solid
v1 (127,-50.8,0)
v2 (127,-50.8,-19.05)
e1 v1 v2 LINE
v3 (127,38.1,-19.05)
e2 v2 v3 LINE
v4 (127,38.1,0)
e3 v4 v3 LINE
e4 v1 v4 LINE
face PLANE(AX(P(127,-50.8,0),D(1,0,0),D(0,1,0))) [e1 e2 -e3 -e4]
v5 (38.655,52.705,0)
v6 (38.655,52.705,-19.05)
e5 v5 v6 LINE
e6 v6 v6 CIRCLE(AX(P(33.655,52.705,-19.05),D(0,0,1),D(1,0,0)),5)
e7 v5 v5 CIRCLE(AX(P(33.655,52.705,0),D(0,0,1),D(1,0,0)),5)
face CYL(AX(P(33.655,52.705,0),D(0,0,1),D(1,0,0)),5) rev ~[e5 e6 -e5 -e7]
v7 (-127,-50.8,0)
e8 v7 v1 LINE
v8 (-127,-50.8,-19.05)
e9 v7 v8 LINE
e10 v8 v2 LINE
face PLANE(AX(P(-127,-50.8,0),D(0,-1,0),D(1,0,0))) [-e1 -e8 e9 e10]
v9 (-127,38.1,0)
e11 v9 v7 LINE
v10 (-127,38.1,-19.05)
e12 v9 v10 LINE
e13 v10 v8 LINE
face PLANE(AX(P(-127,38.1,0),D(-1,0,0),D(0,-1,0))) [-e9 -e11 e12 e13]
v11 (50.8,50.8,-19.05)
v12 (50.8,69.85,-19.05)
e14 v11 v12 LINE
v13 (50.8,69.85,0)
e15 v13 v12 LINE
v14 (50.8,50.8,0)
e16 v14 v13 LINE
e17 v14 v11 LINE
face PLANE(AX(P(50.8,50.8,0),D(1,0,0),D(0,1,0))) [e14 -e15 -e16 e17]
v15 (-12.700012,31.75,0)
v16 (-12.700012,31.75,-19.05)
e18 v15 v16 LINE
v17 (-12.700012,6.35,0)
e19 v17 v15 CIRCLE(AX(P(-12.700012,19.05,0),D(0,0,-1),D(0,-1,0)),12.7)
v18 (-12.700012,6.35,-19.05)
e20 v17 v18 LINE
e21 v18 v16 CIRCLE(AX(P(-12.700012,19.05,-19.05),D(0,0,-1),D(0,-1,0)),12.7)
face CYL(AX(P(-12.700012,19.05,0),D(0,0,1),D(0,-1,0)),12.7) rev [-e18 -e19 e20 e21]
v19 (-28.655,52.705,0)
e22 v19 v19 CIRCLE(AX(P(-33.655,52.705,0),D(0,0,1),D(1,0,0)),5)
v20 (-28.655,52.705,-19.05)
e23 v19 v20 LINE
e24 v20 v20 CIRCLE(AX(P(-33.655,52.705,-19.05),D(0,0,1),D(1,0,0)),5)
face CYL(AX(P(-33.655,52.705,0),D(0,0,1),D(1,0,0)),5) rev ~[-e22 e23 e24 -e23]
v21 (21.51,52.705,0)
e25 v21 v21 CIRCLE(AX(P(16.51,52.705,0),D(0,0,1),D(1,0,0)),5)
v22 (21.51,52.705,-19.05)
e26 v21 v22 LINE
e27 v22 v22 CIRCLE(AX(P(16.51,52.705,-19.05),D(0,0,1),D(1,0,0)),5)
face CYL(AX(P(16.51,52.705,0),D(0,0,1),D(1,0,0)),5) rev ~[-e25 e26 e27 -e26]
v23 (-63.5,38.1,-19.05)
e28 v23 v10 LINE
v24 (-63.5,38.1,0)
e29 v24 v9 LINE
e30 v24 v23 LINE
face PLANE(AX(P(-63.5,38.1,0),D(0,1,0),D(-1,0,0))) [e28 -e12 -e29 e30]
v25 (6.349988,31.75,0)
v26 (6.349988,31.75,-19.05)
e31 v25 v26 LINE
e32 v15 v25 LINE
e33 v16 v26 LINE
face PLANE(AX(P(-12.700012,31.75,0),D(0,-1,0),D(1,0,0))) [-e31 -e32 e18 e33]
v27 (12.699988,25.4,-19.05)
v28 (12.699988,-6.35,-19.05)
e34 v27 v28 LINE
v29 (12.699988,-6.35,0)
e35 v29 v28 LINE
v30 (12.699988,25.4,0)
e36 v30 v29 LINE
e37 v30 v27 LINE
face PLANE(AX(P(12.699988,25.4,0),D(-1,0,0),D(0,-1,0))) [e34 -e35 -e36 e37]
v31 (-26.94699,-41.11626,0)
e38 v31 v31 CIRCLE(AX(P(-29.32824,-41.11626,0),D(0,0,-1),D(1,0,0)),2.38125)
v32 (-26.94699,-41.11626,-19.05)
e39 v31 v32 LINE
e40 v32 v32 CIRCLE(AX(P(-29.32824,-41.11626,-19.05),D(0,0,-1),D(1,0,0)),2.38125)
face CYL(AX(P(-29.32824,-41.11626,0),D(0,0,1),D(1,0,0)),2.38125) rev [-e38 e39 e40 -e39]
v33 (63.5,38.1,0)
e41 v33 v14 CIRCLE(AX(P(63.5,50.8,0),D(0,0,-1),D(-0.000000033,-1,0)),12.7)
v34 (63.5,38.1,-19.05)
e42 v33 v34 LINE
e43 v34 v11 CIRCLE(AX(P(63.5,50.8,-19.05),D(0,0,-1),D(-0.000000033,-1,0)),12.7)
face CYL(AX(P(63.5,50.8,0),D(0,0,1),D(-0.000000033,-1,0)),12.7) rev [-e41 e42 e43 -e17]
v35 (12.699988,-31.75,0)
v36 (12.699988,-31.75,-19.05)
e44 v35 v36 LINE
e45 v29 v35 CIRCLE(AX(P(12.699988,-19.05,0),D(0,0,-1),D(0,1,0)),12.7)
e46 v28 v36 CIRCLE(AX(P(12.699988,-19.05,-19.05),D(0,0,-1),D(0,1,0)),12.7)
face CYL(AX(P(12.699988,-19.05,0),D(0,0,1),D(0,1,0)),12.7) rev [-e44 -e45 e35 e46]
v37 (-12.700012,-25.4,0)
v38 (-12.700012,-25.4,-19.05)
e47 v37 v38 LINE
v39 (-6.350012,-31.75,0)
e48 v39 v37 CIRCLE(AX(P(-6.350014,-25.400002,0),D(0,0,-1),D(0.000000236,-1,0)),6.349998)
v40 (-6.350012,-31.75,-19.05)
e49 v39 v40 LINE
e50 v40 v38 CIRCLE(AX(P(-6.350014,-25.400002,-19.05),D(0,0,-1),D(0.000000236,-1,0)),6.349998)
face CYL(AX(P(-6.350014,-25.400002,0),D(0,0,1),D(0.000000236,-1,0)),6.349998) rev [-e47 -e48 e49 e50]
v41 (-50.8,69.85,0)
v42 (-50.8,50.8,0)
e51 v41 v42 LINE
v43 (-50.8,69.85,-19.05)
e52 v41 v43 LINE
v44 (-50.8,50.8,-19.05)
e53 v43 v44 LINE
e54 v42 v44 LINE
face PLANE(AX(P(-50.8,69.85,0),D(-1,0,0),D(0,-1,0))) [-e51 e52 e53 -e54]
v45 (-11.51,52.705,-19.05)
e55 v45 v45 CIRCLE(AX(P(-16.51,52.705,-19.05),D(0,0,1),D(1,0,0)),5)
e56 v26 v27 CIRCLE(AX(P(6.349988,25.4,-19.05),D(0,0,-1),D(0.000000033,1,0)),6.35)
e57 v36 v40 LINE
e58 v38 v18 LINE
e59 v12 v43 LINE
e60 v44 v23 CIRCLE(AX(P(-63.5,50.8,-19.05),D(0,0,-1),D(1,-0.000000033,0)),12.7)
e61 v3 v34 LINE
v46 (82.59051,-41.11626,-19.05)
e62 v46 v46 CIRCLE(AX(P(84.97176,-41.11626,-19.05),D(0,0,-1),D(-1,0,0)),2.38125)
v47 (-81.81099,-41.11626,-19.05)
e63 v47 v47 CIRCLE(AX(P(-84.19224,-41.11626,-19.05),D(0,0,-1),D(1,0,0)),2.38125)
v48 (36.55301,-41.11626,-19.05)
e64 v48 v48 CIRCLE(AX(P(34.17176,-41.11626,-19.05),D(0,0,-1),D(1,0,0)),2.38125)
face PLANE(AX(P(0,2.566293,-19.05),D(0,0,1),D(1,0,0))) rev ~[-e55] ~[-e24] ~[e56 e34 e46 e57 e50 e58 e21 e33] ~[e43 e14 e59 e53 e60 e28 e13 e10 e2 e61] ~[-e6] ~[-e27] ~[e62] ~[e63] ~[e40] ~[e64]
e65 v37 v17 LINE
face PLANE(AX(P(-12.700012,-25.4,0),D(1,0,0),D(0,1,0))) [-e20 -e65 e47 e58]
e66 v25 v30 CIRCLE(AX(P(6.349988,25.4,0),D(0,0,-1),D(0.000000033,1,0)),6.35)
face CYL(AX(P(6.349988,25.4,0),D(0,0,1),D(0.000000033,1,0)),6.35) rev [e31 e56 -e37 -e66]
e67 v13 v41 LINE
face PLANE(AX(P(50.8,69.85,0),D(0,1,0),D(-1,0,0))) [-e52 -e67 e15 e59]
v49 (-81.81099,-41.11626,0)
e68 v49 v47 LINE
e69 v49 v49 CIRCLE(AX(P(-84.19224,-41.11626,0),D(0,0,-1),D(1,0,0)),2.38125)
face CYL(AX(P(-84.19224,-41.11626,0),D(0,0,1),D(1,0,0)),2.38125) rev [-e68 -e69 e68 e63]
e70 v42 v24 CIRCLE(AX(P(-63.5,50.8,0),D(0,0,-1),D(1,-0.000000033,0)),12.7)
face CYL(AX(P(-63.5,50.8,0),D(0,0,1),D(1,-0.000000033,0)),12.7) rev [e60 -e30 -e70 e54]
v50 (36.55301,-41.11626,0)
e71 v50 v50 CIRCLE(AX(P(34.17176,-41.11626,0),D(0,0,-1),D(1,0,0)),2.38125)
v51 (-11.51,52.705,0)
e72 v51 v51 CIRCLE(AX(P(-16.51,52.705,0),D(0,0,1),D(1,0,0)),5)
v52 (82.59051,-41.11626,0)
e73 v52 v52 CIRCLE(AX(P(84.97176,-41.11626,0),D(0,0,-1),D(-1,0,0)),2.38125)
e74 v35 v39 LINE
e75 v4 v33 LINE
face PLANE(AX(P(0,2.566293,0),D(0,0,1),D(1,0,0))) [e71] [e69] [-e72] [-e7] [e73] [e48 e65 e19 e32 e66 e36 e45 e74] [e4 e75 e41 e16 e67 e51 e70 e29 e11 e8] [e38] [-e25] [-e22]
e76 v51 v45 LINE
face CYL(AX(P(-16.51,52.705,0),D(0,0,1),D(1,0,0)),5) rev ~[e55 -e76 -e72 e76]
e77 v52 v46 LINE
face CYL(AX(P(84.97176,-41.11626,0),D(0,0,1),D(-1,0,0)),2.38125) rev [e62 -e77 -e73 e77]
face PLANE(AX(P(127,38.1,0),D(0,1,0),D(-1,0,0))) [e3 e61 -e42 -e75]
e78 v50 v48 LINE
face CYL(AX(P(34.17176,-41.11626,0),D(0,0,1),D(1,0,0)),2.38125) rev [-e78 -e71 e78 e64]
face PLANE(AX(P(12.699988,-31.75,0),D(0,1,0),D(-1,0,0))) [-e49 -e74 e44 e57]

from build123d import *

# Parameters (mm, degrees)
F0_R     = 5
F1_DEPTH = 19.05


with BuildPart() as f1:
    # F0 (on Top) → F1 (new body)
    with BuildSketch(Plane.XY):
        with BuildLine():
            Line((-50.8, -50.8), (50.8, -50.8))
            Line((50.8, -50.8), (127, -50.8))
            Line((127, -50.8), (127, -38.1))
            Line((127, -38.1), (127, 38.1))
            Line((127, 38.1), (63.5, 38.1))
            ThreePointArc((63.5, 38.1), (54.519744, 41.819744), (50.8, 50.8))
            Line((50.8, 50.8), (50.8, 69.85))
            Line((50.8, 69.85), (-50.8, 69.85))
            Line((-50.8, 69.85), (-50.8, 50.8))
            ThreePointArc((-50.8, 50.8), (-54.519744, 41.819744), (-63.5, 38.1))
            Line((-63.5, 38.1), (-127, 38.1))
            Line((-127, 38.1), (-127, -38.1))
            Line((-127, -38.1), (-127, -50.8))
            Line((-127, -50.8), (-50.8, -50.8))
        make_face()
        with BuildLine():
            ThreePointArc((-86.57349, -41.11626), (-84.19224, -38.73501), (-81.81099, -41.11626))
            ThreePointArc((-81.81099, -41.11626), (-84.19224, -43.49751), (-86.57349, -41.11626))
        make_face(mode=Mode.SUBTRACT)
        with BuildLine():
            ThreePointArc((-31.70949, -41.11626), (-29.32824, -38.73501), (-26.94699, -41.11626))
            ThreePointArc((-26.94699, -41.11626), (-29.32824, -43.49751), (-31.70949, -41.11626))
        make_face(mode=Mode.SUBTRACT)
        with BuildLine():
            ThreePointArc((12.699988, -6.35), (25.399988, -19.05), (12.699988, -31.75))
            Line((12.699988, -31.75), (-6.350012, -31.75))
            ThreePointArc((-6.350012, -31.75), (-10.840141, -29.890128), (-12.700012, -25.4))
            Line((-12.700012, -25.4), (-12.700012, 6.35))
            ThreePointArc((-12.700012, 6.35), (-25.400012, 19.05), (-12.700012, 31.75))
            Line((-12.700012, 31.75), (6.349988, 31.75))
            ThreePointArc((6.349988, 31.75), (10.840116, 29.890128), (12.699988, 25.4))
            Line((12.699988, 25.4), (12.699988, -6.35))
        make_face(mode=Mode.SUBTRACT)
        with BuildLine():
            ThreePointArc((31.79051, -41.11626), (34.17176, -38.73501), (36.55301, -41.11626))
            ThreePointArc((36.55301, -41.11626), (34.17176, -43.49751), (31.79051, -41.11626))
        make_face(mode=Mode.SUBTRACT)
        with BuildLine():
            ThreePointArc((87.35301, -41.11626), (84.97176, -43.49751), (82.59051, -41.11626))
            ThreePointArc((82.59051, -41.11626), (84.97176, -38.73501), (87.35301, -41.11626))
        make_face(mode=Mode.SUBTRACT)
        with Locations((-33.655, 52.705)):
            Circle(F0_R, mode=Mode.SUBTRACT)
        with Locations((-16.51, 52.705)):
            Circle(F0_R, mode=Mode.SUBTRACT)
        with Locations((16.51, 52.705)):
            Circle(F0_R, mode=Mode.SUBTRACT)
        with Locations((33.655, 52.705)):
            Circle(F0_R, mode=Mode.SUBTRACT)
    extrude(amount=-F1_DEPTH)


with BuildPart() as f2_1:
    # F2: copy of F1
    add(f1.part)


with BuildPart() as f4_1:
    # F4: copy of F1
    add(f1.part)


solid = f1.part
